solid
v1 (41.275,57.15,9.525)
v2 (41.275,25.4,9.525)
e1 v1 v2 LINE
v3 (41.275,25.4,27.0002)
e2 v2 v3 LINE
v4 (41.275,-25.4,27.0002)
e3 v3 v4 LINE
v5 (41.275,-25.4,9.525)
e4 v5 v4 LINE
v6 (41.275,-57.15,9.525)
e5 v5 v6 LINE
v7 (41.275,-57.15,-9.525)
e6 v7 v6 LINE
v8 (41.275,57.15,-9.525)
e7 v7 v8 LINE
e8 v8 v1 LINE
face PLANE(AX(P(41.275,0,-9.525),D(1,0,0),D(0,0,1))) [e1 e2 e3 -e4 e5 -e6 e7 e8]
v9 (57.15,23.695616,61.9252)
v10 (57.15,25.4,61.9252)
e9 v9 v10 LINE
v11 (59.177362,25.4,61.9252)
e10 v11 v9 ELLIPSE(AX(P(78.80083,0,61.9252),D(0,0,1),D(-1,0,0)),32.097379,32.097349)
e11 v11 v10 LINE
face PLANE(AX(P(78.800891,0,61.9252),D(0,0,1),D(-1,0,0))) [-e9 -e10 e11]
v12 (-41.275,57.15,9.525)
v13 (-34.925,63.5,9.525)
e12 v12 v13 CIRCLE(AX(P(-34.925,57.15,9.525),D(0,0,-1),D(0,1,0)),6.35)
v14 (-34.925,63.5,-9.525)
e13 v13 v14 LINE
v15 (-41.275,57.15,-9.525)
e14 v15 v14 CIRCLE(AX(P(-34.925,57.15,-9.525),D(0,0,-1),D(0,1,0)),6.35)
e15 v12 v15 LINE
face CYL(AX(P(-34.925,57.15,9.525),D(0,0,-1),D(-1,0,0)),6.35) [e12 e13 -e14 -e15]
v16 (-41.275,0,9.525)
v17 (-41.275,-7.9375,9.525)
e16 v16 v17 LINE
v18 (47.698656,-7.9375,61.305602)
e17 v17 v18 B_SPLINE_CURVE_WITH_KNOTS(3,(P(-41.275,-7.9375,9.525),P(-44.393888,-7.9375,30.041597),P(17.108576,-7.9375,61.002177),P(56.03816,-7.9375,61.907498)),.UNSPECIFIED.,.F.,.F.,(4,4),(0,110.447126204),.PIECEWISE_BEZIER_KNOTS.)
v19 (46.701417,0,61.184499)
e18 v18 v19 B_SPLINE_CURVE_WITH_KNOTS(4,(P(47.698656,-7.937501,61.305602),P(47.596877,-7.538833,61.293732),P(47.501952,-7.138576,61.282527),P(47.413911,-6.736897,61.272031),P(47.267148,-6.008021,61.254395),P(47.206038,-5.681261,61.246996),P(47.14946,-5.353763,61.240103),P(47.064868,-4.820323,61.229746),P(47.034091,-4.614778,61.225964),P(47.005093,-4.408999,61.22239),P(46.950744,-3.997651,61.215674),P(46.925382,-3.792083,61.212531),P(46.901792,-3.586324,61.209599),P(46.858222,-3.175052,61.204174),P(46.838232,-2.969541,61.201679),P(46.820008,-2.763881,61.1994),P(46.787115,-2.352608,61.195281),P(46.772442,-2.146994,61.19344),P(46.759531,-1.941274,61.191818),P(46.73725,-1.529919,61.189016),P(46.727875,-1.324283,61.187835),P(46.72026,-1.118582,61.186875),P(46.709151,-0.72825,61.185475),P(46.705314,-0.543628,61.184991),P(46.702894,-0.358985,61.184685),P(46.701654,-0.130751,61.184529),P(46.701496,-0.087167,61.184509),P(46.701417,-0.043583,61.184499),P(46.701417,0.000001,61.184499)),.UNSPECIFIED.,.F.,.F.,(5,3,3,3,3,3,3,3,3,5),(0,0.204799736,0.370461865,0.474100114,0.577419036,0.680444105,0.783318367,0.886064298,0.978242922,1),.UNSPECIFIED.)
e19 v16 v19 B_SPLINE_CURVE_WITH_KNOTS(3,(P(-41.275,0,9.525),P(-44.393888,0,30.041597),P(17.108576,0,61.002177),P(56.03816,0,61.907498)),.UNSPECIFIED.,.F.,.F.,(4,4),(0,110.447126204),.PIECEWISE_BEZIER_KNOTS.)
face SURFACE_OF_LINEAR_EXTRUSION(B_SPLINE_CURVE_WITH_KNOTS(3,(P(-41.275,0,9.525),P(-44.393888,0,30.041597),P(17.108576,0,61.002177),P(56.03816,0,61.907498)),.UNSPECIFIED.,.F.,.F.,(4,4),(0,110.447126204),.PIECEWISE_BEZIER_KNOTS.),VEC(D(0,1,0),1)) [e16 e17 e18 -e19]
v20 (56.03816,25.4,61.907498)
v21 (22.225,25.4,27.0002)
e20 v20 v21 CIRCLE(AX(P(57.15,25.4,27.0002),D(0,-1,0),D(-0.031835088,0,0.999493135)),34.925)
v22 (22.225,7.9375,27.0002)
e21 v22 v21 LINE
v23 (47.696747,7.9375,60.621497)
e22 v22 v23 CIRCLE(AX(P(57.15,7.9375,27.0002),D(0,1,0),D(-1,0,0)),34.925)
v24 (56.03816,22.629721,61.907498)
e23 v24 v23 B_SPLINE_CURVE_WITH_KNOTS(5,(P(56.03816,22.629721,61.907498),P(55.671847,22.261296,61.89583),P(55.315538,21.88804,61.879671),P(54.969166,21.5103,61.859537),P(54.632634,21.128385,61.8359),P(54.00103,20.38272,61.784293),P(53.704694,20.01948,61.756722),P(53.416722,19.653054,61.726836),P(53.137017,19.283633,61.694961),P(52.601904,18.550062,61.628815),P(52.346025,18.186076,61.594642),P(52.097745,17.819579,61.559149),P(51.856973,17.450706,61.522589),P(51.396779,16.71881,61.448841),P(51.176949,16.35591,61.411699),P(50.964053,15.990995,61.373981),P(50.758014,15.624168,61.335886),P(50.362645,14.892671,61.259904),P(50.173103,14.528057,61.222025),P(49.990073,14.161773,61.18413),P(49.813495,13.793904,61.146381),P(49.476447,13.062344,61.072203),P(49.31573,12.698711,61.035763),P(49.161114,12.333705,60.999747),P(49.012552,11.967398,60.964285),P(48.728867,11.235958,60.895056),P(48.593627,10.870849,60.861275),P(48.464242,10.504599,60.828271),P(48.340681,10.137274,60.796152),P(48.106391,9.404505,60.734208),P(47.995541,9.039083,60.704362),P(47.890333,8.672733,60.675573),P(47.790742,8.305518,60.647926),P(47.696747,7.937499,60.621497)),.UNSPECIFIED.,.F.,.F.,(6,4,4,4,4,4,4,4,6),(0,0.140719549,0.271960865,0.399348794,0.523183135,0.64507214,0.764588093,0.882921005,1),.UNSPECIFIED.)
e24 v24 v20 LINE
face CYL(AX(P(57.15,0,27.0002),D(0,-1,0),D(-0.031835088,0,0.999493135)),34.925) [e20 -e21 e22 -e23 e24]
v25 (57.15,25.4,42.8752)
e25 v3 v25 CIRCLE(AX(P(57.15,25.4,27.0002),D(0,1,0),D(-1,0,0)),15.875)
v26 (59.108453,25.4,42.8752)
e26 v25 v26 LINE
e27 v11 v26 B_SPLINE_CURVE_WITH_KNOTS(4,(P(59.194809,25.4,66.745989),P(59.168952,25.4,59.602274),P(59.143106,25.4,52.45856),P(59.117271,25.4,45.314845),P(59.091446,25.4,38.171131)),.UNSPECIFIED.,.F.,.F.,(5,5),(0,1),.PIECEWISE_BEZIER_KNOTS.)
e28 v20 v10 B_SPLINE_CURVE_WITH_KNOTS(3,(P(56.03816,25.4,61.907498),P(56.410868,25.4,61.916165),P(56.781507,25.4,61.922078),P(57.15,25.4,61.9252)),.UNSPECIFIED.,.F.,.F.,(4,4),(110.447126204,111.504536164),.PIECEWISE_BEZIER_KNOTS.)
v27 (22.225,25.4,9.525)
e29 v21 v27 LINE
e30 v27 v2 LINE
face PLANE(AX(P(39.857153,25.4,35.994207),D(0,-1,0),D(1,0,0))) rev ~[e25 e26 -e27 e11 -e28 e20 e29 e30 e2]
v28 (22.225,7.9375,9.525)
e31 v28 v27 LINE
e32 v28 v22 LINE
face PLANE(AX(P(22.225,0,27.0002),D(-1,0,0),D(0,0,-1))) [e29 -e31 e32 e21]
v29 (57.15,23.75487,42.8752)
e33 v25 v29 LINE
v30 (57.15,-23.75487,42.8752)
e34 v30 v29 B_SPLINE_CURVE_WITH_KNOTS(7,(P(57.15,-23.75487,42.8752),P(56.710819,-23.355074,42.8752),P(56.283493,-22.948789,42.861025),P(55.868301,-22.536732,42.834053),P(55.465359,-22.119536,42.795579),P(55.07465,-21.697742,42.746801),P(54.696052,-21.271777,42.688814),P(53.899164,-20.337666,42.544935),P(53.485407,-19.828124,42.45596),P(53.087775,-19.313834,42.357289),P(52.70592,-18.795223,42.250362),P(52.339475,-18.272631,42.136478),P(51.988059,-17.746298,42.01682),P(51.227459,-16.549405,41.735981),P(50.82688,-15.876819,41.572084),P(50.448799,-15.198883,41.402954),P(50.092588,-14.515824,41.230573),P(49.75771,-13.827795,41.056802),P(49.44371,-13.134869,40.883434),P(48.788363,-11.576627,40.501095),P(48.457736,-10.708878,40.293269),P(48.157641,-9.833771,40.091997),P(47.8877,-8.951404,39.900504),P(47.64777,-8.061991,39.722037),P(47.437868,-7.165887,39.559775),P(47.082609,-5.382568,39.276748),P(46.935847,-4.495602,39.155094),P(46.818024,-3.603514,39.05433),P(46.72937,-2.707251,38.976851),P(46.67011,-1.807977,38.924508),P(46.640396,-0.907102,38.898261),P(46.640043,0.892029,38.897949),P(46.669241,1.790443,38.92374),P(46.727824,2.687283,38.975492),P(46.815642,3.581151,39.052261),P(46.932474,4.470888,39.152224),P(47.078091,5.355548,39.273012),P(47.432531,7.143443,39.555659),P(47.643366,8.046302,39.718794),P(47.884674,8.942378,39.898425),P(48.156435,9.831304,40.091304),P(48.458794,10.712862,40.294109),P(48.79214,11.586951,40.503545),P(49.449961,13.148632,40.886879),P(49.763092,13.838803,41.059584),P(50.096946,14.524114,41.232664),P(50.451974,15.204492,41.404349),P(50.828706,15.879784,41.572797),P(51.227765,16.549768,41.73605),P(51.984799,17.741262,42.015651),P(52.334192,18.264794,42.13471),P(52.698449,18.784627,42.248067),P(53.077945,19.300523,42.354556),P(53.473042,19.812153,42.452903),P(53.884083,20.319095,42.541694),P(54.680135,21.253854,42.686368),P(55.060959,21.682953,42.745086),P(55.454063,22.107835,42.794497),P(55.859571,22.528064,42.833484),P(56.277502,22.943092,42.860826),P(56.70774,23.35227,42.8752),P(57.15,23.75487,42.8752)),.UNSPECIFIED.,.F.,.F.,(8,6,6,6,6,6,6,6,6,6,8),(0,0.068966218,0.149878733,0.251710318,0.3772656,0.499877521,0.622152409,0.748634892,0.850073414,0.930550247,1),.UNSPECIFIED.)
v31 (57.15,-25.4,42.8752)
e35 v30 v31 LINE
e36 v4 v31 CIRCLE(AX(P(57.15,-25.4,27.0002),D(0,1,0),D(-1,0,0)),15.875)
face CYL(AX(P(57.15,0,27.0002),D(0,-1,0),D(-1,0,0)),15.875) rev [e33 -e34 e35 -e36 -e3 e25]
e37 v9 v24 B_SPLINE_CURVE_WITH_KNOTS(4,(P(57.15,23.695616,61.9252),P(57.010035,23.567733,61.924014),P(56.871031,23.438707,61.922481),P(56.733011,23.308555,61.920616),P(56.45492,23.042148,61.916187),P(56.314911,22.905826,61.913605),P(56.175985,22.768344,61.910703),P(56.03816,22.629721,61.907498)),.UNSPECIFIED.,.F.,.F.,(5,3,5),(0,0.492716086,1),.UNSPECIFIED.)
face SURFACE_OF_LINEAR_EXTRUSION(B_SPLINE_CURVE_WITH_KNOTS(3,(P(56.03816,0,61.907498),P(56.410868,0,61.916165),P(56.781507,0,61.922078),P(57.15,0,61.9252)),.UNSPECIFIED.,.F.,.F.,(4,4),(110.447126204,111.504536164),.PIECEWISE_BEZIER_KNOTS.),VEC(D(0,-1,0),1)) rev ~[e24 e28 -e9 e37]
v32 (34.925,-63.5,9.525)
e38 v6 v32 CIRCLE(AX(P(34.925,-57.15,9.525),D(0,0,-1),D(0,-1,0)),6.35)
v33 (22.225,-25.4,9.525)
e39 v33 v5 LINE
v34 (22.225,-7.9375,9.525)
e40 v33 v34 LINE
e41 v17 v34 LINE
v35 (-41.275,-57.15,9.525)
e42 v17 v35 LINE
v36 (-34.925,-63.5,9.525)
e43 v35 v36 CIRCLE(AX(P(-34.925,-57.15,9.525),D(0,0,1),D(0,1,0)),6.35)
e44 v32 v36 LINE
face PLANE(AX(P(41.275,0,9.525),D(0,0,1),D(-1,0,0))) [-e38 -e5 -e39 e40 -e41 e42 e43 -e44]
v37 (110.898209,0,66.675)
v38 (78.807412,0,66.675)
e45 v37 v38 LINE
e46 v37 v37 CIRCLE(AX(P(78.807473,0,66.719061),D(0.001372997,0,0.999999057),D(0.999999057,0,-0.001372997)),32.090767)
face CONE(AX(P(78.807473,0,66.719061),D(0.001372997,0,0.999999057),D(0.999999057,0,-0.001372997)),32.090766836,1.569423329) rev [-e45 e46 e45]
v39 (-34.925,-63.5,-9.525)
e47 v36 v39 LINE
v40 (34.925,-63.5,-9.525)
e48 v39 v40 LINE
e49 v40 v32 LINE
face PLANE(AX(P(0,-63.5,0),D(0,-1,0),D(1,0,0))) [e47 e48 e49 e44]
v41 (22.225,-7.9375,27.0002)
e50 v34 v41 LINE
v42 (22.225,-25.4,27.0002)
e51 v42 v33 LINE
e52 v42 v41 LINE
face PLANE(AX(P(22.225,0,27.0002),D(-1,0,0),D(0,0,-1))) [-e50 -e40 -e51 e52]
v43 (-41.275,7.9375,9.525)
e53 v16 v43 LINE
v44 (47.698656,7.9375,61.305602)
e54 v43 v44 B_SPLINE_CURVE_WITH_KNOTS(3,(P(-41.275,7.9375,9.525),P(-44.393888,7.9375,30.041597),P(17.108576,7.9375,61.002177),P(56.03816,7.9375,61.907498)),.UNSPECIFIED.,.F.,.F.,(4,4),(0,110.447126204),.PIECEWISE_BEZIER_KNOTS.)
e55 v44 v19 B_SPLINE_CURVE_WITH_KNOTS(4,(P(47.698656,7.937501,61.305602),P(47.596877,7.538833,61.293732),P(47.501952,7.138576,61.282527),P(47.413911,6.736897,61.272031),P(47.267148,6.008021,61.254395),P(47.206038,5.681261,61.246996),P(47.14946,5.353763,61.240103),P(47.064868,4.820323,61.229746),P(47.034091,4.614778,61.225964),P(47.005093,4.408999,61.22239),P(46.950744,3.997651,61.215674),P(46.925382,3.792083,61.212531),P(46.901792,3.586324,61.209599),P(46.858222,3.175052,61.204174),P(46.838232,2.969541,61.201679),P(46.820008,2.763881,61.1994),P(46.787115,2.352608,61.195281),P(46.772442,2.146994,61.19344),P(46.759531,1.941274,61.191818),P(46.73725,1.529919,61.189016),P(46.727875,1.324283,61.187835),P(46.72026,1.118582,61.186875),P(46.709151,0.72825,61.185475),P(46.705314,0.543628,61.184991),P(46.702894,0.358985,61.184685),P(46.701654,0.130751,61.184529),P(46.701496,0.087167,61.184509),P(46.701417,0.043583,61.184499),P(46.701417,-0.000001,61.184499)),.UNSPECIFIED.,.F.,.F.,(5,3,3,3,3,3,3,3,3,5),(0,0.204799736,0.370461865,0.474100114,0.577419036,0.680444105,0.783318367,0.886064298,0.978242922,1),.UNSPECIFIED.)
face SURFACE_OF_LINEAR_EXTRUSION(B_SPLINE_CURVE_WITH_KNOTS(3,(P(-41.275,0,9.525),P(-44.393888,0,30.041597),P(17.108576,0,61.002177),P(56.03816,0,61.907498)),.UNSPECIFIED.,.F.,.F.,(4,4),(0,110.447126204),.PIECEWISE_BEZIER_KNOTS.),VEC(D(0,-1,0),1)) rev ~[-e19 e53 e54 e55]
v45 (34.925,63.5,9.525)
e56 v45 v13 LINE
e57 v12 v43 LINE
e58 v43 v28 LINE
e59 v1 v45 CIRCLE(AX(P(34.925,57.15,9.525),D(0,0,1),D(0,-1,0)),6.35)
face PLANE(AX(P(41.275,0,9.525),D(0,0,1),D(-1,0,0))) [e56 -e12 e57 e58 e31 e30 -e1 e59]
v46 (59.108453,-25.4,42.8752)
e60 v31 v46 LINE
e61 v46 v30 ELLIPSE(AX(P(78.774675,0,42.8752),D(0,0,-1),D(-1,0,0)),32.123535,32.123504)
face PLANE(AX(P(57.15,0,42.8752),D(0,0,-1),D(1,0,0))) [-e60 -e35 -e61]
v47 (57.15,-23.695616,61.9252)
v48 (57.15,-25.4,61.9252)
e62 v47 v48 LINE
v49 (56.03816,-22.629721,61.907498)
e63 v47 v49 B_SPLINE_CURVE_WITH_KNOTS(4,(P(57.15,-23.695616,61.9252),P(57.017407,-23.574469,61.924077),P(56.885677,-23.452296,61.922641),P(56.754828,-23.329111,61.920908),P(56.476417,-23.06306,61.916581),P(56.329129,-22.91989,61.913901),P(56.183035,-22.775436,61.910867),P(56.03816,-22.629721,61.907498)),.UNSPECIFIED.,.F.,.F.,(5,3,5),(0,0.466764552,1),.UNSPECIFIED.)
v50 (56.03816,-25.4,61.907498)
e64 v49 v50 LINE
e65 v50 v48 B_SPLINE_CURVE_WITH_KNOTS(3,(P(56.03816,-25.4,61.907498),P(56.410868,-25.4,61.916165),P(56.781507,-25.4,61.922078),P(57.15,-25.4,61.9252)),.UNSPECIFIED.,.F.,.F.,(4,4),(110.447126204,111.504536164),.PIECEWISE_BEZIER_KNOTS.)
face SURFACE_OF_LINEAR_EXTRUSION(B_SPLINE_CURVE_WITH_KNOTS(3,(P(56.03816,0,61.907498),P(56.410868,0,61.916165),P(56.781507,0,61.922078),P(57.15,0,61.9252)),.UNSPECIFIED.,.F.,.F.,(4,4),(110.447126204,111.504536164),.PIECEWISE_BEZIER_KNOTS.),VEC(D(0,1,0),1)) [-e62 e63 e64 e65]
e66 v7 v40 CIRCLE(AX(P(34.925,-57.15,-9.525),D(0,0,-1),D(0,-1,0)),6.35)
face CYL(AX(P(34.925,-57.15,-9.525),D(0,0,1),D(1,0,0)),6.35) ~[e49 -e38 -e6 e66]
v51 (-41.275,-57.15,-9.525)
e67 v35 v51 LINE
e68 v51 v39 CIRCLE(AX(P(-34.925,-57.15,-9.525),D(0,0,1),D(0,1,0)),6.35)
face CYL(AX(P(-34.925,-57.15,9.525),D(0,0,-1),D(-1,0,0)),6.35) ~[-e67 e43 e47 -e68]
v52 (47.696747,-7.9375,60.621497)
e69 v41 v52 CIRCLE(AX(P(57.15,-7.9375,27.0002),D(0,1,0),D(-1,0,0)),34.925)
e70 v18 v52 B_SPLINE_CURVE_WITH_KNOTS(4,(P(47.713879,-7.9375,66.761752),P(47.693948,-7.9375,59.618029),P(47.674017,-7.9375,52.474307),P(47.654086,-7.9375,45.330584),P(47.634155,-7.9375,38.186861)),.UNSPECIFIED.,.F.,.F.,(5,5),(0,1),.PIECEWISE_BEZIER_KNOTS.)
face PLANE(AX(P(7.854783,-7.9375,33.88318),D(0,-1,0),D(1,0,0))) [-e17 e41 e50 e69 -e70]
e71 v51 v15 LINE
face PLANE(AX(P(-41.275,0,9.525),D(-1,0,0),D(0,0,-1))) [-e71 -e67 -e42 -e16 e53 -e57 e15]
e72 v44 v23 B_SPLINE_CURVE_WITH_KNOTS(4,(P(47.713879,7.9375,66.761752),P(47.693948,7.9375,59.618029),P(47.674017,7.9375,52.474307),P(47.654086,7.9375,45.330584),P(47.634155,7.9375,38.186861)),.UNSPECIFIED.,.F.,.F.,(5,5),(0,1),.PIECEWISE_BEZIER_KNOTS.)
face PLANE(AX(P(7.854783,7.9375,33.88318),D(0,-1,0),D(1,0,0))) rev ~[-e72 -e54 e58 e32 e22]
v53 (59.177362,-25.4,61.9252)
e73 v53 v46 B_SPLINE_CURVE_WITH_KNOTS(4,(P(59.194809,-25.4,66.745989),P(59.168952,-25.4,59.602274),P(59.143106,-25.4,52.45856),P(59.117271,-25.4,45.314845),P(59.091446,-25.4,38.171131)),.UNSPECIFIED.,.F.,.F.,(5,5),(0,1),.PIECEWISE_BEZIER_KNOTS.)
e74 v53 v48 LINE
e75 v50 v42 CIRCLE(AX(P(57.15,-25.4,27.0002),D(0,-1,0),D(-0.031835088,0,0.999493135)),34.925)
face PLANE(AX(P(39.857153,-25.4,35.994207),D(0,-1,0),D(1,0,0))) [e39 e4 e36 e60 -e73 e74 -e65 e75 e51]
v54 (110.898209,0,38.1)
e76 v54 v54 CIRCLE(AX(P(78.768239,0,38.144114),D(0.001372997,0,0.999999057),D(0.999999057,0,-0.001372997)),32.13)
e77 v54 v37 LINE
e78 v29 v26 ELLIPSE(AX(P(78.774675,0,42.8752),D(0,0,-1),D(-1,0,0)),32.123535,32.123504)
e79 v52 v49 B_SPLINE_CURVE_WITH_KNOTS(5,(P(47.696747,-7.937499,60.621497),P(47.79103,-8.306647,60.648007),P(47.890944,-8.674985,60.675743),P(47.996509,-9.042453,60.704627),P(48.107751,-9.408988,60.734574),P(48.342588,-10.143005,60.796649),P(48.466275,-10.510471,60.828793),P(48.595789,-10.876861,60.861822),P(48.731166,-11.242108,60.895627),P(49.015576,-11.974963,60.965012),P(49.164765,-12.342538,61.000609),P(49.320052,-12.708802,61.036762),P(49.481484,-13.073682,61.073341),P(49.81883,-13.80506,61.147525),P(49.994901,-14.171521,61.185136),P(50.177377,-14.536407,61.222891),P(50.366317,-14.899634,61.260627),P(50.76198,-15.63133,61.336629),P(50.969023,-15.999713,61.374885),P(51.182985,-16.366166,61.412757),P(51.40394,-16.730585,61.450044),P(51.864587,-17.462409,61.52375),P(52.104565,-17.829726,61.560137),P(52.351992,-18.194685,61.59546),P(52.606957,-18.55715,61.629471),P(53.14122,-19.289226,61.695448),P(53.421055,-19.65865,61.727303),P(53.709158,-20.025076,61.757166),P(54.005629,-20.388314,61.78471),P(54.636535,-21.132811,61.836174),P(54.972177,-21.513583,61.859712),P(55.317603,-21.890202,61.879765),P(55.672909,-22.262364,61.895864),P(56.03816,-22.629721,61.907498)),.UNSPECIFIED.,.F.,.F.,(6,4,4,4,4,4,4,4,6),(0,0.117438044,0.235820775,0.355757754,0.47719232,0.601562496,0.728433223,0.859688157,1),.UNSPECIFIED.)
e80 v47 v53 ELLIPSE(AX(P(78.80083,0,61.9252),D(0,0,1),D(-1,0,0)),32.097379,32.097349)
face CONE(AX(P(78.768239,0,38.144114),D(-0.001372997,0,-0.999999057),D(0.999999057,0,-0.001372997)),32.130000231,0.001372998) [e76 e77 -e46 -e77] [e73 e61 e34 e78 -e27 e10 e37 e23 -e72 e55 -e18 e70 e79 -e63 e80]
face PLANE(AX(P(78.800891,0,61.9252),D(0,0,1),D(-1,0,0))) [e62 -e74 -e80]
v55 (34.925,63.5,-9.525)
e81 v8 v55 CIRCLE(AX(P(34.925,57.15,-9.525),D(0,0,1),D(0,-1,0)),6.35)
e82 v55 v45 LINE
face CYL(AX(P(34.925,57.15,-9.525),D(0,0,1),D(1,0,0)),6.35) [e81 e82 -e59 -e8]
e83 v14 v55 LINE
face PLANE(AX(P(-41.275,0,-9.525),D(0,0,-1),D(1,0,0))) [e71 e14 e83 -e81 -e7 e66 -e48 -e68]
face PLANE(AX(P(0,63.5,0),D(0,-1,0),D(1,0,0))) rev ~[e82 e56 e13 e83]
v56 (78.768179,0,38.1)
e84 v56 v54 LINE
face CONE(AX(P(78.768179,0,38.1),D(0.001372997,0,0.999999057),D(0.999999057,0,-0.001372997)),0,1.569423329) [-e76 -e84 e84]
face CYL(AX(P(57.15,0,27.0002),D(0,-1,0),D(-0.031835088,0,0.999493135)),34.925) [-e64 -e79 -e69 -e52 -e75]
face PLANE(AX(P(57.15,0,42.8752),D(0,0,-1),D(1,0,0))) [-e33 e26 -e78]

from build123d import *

# Parameters (mm, degrees)
F1_DEPTH = 63.5
F2_DEPTH = 25.4
F3_DEPTH = 7.9375
F5_R     = 6.35


with BuildPart() as f1:
    # F0 (on Front) → F1 (new body, symmetric)
    with BuildSketch(Plane.XZ):
        Polygon((41.275, -9.525), (41.275, 9.525), (22.225, 9.525), (-41.275, 9.525), (-41.275, -9.525), align=None)
    extrude(amount=F1_DEPTH, both=True)

    # F0 (on Front) → F2 (join, symmetric)
    with BuildSketch(Plane.XZ):
        with BuildLine():
            Line((22.225, 9.525), (41.275, 9.525))
            Line((41.275, 9.525), (41.275, 27.0002))
            ThreePointArc((41.275, 27.0002), (45.9246798487, 38.2255201513), (57.15, 42.8752))
            Line((57.15, 42.8752), (60.0982093367, 42.8752))
            Line((60.0982093367, 42.8752), (60.0982093367, 61.9252))
            Line((60.0982093367, 61.9252), (57.15, 61.9252))
            add(Edge.make_bspline(
                [(56.0381595364, 61.9074977439), (56.4108675509, 61.9161651955), (56.7815065443, 61.9220777941), (57.15, 61.9252)],
                knots=[110.4471262045, 110.4471262045, 110.4471262045, 110.4471262045, 111.5045361635, 111.5045361635, 111.5045361635, 111.5045361635], degree=3))
            ThreePointArc((56.0381595364, 61.9074977439), (32.064280425, 51.2996300016), (22.225, 27.0002))
            Line((22.225, 27.0002), (22.225, 9.525))
        make_face()
        Polygon((60.0982093367, 61.9252), (60.0982093367, 42.8752), (78.7747351631, 42.8752), (78.8008907845, 61.9252), align=None)
    extrude(amount=F2_DEPTH, both=True)

    # F0 (on Front) → F3 (join, symmetric)
    with BuildSketch(Plane.XZ):
        with BuildLine():
            Line((-41.275, 9.525), (22.225, 9.525))
            Line((22.225, 9.525), (22.225, 27.0002))
            ThreePointArc((22.225, 27.0002), (32.064280425, 51.2996300016), (56.0381595364, 61.9074977439))
            add(Edge.make_bspline(
                [(-41.275, 9.525), (-44.3938878809, 30.0415972741), (17.1085761993, 61.002177049), (56.0381595364, 61.9074977439)],
                knots=[0, 0, 0, 0, 110.4471262045, 110.4471262045, 110.4471262045, 110.4471262045], degree=3))
        make_face()
    extrude(amount=F3_DEPTH, both=True)

    # F0 (on Front) → F4 (revolve)
    with BuildSketch(Plane.XZ):
        Polygon((78.8008907845, 61.9252), (78.7747351631, 42.8752), (78.7681788206, 38.1), (110.8982093367, 38.1), (110.8982093367, 66.675), (78.8074122528, 66.675), align=None)
    revolve(axis=Axis((78.7877955367, 0, 52.3875), (0.0013729972, 0, 0.9999990574)))

    # F5
    f5_edges = [f1.edges().sort_by_distance(p)[0] for p in [
        (41.275, -63.5, 0),
        (-41.275, -63.5, 0),
        (41.275, 63.5, 0),
        (-41.275, 63.5, 0),
    ]]
    fillet(f5_edges, radius=F5_R)


solid = f1.part
